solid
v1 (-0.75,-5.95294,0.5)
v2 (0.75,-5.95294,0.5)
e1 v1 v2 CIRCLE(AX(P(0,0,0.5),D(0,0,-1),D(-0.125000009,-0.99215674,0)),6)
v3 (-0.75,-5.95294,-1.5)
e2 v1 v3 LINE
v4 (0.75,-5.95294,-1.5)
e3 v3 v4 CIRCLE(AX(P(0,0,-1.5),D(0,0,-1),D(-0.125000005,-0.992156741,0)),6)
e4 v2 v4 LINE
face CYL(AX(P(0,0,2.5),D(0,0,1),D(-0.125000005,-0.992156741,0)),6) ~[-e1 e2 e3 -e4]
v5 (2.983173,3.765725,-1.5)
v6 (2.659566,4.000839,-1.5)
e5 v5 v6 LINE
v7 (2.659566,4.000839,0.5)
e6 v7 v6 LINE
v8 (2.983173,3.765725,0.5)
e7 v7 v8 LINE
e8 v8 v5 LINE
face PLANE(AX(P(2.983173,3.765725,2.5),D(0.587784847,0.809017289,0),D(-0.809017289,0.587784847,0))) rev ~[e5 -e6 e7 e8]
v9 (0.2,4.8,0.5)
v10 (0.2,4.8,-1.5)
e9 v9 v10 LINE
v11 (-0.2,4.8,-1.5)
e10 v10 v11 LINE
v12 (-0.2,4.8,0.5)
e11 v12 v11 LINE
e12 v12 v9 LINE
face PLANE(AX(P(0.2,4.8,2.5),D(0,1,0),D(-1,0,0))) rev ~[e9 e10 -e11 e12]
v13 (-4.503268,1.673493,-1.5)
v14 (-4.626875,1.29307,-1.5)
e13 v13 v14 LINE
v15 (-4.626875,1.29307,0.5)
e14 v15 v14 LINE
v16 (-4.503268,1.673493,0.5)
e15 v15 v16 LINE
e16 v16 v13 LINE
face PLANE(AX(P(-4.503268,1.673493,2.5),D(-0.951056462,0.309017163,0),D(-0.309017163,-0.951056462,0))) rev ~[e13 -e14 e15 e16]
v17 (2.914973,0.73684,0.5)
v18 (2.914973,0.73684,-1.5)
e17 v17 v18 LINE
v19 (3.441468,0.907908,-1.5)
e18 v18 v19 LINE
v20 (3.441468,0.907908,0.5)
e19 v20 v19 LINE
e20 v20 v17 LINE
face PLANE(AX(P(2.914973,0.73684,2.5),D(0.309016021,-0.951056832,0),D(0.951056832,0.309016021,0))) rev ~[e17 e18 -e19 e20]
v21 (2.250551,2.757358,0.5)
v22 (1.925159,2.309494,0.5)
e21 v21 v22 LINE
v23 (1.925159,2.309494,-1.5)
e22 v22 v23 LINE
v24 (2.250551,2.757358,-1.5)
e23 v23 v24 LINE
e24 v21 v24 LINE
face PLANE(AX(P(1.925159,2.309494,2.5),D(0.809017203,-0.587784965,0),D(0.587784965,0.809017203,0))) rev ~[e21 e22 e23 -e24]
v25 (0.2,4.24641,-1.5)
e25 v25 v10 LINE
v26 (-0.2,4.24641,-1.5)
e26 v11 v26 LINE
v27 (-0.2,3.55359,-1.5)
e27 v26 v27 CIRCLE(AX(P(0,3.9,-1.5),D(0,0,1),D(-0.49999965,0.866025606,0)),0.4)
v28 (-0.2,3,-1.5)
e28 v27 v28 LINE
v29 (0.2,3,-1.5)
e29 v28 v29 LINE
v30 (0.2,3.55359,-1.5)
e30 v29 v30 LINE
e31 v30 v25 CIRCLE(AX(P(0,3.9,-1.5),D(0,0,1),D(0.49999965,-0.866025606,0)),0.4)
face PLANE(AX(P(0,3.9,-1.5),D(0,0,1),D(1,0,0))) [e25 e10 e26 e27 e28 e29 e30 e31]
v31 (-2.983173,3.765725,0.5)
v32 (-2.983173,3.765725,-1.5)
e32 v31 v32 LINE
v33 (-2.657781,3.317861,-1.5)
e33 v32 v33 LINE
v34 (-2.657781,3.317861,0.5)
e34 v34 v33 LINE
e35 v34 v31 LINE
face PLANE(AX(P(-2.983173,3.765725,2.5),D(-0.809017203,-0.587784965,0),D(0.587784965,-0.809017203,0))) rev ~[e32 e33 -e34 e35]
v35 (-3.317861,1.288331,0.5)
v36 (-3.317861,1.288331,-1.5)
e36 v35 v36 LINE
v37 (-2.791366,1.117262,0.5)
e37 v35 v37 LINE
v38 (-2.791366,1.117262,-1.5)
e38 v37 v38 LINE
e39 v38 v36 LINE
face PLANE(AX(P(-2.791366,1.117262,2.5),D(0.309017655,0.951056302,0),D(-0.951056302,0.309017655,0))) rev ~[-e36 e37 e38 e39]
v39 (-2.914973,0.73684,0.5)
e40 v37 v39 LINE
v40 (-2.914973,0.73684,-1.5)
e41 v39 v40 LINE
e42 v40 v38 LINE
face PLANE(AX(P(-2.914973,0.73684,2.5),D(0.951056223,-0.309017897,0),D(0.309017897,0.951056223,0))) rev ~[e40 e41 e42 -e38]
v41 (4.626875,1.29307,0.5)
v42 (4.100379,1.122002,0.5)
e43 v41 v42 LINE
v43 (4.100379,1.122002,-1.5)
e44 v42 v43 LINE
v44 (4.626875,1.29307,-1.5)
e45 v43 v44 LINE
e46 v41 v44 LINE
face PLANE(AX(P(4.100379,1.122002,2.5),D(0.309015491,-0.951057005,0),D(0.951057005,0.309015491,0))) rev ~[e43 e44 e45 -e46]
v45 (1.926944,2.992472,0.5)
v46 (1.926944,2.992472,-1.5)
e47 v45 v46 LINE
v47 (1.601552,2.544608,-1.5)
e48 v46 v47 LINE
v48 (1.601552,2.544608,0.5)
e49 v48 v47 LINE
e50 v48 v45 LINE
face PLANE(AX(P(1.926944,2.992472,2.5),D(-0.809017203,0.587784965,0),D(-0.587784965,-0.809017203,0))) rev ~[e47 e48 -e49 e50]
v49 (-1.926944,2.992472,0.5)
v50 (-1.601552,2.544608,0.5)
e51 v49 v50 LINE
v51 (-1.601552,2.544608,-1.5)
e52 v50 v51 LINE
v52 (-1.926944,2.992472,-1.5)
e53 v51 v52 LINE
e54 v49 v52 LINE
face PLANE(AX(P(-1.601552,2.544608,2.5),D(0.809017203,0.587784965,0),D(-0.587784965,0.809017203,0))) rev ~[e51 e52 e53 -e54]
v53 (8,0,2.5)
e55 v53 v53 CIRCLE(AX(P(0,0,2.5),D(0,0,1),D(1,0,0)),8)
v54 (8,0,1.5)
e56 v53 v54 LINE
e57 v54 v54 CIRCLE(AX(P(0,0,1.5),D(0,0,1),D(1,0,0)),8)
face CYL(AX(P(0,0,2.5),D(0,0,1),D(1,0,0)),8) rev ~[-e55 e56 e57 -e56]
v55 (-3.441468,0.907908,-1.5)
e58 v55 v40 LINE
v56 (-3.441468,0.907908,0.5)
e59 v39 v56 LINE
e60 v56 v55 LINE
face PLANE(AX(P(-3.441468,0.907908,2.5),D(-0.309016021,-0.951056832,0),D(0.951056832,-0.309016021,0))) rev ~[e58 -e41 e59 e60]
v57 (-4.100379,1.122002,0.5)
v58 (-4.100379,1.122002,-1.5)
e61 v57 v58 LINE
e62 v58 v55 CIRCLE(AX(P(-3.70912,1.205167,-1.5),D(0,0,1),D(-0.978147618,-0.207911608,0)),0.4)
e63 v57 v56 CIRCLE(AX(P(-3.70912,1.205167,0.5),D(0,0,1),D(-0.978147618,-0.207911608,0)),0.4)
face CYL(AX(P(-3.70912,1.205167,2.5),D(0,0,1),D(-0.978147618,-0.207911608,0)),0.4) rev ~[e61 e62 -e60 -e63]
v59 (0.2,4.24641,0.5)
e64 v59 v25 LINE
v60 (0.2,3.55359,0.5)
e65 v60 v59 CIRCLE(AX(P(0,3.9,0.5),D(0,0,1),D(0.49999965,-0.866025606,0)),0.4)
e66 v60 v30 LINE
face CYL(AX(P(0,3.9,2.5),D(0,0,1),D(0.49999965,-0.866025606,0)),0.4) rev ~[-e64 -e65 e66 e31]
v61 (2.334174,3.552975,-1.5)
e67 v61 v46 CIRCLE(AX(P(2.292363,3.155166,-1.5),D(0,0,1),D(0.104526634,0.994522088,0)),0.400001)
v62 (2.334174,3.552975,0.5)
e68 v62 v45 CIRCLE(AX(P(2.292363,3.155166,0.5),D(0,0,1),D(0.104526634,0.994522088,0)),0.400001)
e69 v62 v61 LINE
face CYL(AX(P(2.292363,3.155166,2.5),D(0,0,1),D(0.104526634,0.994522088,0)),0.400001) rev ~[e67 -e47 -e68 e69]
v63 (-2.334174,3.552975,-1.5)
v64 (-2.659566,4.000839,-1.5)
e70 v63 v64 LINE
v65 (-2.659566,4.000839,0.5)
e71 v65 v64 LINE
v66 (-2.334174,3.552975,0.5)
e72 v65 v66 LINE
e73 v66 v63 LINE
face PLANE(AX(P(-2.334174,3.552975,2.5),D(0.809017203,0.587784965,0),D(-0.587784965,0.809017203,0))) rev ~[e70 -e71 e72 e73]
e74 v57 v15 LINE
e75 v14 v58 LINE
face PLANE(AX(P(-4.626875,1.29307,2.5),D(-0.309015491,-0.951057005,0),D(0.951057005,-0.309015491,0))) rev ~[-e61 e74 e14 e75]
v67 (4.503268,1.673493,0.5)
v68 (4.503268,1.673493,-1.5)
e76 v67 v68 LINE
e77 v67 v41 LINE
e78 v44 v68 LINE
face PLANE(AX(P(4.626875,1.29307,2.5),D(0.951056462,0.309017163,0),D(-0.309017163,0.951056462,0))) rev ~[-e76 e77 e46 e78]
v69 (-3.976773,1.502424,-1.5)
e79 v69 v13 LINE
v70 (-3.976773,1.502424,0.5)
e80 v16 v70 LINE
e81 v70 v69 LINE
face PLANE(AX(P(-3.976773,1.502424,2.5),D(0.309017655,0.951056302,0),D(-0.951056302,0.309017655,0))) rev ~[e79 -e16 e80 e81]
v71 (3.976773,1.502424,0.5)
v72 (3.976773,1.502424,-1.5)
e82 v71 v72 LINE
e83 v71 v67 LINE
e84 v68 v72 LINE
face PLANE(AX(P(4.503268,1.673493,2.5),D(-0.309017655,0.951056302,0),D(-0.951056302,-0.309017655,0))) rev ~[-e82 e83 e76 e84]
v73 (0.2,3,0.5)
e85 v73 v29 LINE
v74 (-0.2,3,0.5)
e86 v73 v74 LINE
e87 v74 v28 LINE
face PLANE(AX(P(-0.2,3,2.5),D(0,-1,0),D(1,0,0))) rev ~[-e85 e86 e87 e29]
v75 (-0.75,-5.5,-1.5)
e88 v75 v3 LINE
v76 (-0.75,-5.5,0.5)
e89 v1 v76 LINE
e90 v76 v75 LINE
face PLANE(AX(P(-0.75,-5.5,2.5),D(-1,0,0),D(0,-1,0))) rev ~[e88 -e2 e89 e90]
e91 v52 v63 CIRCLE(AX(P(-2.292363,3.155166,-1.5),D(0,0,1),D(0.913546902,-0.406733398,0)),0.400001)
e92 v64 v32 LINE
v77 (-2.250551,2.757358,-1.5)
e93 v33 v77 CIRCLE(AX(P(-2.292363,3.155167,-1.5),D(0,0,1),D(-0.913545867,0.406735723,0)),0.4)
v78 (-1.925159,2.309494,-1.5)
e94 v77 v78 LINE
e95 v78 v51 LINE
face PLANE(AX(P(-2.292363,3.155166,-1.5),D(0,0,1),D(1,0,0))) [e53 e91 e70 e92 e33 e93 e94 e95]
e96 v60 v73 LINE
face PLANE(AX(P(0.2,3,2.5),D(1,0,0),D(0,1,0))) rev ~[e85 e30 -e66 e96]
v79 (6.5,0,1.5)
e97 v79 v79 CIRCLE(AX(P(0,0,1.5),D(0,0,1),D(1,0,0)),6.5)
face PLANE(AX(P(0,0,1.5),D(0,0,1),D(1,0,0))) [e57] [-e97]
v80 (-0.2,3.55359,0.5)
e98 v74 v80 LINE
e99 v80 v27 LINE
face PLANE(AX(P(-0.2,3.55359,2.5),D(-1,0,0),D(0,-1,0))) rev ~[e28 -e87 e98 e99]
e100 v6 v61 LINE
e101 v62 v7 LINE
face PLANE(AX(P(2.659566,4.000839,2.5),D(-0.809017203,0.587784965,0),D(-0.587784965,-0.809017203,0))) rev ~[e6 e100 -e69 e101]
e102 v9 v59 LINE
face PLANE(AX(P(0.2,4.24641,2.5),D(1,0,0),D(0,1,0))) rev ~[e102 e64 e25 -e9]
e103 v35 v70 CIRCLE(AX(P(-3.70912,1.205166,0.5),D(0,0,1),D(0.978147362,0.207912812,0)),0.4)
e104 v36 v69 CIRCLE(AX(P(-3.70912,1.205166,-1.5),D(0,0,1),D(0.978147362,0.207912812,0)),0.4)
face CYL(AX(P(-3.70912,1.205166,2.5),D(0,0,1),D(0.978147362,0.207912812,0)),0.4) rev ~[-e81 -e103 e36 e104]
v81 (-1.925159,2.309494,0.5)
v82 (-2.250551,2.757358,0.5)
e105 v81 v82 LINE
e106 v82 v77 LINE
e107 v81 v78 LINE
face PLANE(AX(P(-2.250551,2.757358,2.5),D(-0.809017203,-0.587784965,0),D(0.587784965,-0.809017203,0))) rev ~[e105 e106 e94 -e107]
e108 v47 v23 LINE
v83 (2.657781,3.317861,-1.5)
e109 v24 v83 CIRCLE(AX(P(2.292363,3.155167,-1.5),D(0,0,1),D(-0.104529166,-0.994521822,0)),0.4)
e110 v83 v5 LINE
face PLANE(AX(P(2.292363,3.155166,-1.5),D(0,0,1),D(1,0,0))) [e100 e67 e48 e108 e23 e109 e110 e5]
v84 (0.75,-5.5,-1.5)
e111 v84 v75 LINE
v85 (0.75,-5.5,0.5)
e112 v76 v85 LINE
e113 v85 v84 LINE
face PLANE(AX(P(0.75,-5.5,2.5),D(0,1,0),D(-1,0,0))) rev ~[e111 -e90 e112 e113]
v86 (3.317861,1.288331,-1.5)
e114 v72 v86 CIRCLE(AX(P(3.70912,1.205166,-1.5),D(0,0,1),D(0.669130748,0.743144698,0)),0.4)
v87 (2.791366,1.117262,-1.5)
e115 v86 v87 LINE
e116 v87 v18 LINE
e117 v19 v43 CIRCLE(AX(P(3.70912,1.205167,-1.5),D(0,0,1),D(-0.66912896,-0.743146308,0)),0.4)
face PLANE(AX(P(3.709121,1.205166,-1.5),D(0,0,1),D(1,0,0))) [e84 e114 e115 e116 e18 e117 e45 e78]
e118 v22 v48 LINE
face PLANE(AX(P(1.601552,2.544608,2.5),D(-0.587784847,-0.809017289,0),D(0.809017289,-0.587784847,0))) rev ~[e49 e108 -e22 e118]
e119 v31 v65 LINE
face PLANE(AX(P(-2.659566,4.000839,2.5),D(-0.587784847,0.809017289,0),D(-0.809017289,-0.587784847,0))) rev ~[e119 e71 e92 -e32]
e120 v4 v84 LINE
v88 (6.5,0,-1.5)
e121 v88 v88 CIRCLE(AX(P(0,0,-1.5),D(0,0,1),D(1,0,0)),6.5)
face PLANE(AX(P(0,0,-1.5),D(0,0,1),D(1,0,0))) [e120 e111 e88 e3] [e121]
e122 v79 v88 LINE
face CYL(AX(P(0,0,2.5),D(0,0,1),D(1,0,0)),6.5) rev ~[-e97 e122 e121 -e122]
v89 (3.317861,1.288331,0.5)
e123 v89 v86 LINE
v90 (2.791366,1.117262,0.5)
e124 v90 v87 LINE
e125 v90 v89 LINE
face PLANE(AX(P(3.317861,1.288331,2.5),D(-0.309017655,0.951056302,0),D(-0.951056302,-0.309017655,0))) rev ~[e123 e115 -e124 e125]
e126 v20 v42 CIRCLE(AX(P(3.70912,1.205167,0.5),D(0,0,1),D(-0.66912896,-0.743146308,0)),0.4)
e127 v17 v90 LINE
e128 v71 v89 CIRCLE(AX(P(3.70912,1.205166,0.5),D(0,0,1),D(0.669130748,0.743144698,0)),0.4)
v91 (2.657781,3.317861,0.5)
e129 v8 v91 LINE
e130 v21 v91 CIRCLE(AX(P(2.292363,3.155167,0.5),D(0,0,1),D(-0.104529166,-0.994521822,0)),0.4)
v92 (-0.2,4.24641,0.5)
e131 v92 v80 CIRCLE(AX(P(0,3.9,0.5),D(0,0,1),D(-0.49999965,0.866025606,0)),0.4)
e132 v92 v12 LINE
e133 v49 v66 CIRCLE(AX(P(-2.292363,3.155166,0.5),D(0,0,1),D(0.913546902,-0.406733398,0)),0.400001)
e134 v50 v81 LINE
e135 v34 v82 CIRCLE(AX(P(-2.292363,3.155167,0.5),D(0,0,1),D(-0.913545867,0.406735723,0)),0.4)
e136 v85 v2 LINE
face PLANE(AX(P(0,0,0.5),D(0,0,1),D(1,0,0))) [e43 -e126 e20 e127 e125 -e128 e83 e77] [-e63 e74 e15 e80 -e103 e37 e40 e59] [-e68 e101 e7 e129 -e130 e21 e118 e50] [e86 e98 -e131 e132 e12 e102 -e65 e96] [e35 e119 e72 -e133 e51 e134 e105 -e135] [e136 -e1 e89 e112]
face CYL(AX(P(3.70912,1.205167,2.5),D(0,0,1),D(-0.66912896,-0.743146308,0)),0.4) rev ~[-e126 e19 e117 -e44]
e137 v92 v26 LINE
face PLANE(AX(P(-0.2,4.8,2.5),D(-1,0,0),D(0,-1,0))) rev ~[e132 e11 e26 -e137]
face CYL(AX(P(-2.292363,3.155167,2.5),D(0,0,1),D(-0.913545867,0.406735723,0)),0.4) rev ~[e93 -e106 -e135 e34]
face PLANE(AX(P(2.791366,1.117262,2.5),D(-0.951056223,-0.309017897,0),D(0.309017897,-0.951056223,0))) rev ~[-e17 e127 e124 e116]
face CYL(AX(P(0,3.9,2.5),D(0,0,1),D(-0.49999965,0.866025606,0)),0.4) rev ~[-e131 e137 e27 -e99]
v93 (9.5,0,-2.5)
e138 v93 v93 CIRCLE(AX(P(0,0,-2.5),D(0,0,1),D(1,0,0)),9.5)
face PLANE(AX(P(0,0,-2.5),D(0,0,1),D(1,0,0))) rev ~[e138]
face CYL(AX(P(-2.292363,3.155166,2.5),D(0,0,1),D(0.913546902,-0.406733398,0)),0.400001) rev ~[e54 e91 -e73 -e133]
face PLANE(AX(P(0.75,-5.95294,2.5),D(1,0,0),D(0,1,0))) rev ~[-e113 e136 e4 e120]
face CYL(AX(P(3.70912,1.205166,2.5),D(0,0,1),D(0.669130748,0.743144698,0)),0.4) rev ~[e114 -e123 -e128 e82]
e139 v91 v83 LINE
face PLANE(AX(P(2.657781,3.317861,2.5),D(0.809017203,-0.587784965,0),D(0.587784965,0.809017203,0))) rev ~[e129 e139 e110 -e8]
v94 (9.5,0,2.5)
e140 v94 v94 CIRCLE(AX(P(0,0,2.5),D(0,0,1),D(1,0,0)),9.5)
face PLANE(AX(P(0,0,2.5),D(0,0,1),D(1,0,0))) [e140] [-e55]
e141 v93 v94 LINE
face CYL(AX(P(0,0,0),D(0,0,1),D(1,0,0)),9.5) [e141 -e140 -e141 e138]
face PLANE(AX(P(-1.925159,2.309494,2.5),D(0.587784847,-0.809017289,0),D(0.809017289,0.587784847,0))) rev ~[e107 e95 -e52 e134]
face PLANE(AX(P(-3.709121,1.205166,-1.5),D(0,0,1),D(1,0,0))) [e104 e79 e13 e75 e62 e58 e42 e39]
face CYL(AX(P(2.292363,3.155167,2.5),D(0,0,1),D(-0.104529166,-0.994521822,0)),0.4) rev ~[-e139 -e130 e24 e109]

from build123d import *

# Parameters (mm, degrees)
F0_R     = 9.5
F1_DEPTH = 2.5
F2_R     = 6.5
F3_DEPTH = 4
F4_R     = 6
F5_DEPTH = 2
F6_R     = 8
F7_DEPTH = 1


with BuildPart() as f1:
    # F0 (on Top) → F1 (new body, symmetric)
    with BuildSketch(Plane.XY):
        Circle(F0_R)
    extrude(amount=F1_DEPTH, both=True)

    # F2 (on face) → F3 (cut)
    with BuildSketch(Plane.XY.offset(2.5)):
        Circle(F2_R)
        with BuildLine():
            ThreePointArc((-0.75, -5.95294), (0, 6), (0.75, -5.95294))
            Line((0.75, -5.95294), (0.75, -5.5))
            Line((0.75, -5.5), (-0.75, -5.5))
            Line((-0.75, -5.5), (-0.75, -5.95294))
        make_face(mode=Mode.SUBTRACT)
        with BuildLine():
            Line((-3.441468, 0.907908), (-2.914973, 0.73684))
            Line((-2.914973, 0.73684), (-2.791366, 1.117262))
            Line((-2.791366, 1.117262), (-3.317861, 1.288331))
            ThreePointArc((-3.317861, 1.288331), (-3.585514, 1.585589), (-3.976773, 1.502424))
            Line((-3.976773, 1.502424), (-4.503268, 1.673493))
            Line((-4.503268, 1.673493), (-4.626875, 1.29307))
            Line((-4.626875, 1.29307), (-4.100379, 1.122002))
            ThreePointArc((-4.100379, 1.122002), (-3.832727, 0.824744), (-3.441468, 0.907908))
        make_face()
        with BuildLine():
            Line((-2.250551, 2.757358), (-1.925159, 2.309494))
            Line((-1.925159, 2.309494), (-1.601552, 2.544608))
            Line((-1.601552, 2.544608), (-1.926944, 2.992472))
            ThreePointArc((-1.926944, 2.992472), (-1.968756, 3.39028), (-2.334174, 3.552975))
            Line((-2.334174, 3.552975), (-2.659566, 4.000839))
            Line((-2.659566, 4.000839), (-2.983173, 3.765725))
            Line((-2.983173, 3.765725), (-2.657781, 3.317861))
            ThreePointArc((-2.657781, 3.317861), (-2.615969, 2.920052), (-2.250551, 2.757358))
        make_face()
        with BuildLine():
            Line((-0.2, 3), (0.2, 3))
            Line((0.2, 3), (0.2, 3.55359))
            ThreePointArc((0.2, 3.55359), (0.4, 3.9), (0.2, 4.24641))
            Line((0.2, 4.24641), (0.2, 4.8))
            Line((0.2, 4.8), (-0.2, 4.8))
            Line((-0.2, 4.8), (-0.2, 4.24641))
            ThreePointArc((-0.2, 4.24641), (-0.4, 3.9), (-0.2, 3.55359))
            Line((-0.2, 3.55359), (-0.2, 3))
        make_face()
        with BuildLine():
            Line((1.926944, 2.992472), (1.601552, 2.544608))
            Line((1.601552, 2.544608), (1.925159, 2.309494))
            Line((1.925159, 2.309494), (2.250551, 2.757358))
            ThreePointArc((2.250551, 2.757358), (2.615969, 2.920052), (2.657781, 3.317861))
            Line((2.657781, 3.317861), (2.983173, 3.765725))
            Line((2.983173, 3.765725), (2.659566, 4.000839))
            Line((2.659566, 4.000839), (2.334174, 3.552975))
            ThreePointArc((2.334174, 3.552975), (1.968756, 3.39028), (1.926944, 2.992472))
        make_face()
        with BuildLine():
            Line((3.317861, 1.288331), (2.791366, 1.117262))
            Line((2.791366, 1.117262), (2.914973, 0.73684))
            Line((2.914973, 0.73684), (3.441468, 0.907908))
            ThreePointArc((3.441468, 0.907908), (3.832727, 0.824744), (4.100379, 1.122002))
            Line((4.100379, 1.122002), (4.626875, 1.29307))
            Line((4.626875, 1.29307), (4.503268, 1.673493))
            Line((4.503268, 1.673493), (3.976773, 1.502424))
            ThreePointArc((3.976773, 1.502424), (3.585514, 1.585589), (3.317861, 1.288331))
        make_face()
    extrude(amount=-F3_DEPTH, mode=Mode.SUBTRACT)

    # F4 (on face) → F5 (cut)
    with BuildSketch(Plane.XY.offset(2.5)):
        Circle(F4_R)
    extrude(amount=-F5_DEPTH, mode=Mode.SUBTRACT)

    # F6 (on face) → F7 (cut)
    with BuildSketch(Plane.XY.offset(2.5)):
        Circle(F6_R)
    extrude(amount=-F7_DEPTH, mode=Mode.SUBTRACT)


solid = f1.part
